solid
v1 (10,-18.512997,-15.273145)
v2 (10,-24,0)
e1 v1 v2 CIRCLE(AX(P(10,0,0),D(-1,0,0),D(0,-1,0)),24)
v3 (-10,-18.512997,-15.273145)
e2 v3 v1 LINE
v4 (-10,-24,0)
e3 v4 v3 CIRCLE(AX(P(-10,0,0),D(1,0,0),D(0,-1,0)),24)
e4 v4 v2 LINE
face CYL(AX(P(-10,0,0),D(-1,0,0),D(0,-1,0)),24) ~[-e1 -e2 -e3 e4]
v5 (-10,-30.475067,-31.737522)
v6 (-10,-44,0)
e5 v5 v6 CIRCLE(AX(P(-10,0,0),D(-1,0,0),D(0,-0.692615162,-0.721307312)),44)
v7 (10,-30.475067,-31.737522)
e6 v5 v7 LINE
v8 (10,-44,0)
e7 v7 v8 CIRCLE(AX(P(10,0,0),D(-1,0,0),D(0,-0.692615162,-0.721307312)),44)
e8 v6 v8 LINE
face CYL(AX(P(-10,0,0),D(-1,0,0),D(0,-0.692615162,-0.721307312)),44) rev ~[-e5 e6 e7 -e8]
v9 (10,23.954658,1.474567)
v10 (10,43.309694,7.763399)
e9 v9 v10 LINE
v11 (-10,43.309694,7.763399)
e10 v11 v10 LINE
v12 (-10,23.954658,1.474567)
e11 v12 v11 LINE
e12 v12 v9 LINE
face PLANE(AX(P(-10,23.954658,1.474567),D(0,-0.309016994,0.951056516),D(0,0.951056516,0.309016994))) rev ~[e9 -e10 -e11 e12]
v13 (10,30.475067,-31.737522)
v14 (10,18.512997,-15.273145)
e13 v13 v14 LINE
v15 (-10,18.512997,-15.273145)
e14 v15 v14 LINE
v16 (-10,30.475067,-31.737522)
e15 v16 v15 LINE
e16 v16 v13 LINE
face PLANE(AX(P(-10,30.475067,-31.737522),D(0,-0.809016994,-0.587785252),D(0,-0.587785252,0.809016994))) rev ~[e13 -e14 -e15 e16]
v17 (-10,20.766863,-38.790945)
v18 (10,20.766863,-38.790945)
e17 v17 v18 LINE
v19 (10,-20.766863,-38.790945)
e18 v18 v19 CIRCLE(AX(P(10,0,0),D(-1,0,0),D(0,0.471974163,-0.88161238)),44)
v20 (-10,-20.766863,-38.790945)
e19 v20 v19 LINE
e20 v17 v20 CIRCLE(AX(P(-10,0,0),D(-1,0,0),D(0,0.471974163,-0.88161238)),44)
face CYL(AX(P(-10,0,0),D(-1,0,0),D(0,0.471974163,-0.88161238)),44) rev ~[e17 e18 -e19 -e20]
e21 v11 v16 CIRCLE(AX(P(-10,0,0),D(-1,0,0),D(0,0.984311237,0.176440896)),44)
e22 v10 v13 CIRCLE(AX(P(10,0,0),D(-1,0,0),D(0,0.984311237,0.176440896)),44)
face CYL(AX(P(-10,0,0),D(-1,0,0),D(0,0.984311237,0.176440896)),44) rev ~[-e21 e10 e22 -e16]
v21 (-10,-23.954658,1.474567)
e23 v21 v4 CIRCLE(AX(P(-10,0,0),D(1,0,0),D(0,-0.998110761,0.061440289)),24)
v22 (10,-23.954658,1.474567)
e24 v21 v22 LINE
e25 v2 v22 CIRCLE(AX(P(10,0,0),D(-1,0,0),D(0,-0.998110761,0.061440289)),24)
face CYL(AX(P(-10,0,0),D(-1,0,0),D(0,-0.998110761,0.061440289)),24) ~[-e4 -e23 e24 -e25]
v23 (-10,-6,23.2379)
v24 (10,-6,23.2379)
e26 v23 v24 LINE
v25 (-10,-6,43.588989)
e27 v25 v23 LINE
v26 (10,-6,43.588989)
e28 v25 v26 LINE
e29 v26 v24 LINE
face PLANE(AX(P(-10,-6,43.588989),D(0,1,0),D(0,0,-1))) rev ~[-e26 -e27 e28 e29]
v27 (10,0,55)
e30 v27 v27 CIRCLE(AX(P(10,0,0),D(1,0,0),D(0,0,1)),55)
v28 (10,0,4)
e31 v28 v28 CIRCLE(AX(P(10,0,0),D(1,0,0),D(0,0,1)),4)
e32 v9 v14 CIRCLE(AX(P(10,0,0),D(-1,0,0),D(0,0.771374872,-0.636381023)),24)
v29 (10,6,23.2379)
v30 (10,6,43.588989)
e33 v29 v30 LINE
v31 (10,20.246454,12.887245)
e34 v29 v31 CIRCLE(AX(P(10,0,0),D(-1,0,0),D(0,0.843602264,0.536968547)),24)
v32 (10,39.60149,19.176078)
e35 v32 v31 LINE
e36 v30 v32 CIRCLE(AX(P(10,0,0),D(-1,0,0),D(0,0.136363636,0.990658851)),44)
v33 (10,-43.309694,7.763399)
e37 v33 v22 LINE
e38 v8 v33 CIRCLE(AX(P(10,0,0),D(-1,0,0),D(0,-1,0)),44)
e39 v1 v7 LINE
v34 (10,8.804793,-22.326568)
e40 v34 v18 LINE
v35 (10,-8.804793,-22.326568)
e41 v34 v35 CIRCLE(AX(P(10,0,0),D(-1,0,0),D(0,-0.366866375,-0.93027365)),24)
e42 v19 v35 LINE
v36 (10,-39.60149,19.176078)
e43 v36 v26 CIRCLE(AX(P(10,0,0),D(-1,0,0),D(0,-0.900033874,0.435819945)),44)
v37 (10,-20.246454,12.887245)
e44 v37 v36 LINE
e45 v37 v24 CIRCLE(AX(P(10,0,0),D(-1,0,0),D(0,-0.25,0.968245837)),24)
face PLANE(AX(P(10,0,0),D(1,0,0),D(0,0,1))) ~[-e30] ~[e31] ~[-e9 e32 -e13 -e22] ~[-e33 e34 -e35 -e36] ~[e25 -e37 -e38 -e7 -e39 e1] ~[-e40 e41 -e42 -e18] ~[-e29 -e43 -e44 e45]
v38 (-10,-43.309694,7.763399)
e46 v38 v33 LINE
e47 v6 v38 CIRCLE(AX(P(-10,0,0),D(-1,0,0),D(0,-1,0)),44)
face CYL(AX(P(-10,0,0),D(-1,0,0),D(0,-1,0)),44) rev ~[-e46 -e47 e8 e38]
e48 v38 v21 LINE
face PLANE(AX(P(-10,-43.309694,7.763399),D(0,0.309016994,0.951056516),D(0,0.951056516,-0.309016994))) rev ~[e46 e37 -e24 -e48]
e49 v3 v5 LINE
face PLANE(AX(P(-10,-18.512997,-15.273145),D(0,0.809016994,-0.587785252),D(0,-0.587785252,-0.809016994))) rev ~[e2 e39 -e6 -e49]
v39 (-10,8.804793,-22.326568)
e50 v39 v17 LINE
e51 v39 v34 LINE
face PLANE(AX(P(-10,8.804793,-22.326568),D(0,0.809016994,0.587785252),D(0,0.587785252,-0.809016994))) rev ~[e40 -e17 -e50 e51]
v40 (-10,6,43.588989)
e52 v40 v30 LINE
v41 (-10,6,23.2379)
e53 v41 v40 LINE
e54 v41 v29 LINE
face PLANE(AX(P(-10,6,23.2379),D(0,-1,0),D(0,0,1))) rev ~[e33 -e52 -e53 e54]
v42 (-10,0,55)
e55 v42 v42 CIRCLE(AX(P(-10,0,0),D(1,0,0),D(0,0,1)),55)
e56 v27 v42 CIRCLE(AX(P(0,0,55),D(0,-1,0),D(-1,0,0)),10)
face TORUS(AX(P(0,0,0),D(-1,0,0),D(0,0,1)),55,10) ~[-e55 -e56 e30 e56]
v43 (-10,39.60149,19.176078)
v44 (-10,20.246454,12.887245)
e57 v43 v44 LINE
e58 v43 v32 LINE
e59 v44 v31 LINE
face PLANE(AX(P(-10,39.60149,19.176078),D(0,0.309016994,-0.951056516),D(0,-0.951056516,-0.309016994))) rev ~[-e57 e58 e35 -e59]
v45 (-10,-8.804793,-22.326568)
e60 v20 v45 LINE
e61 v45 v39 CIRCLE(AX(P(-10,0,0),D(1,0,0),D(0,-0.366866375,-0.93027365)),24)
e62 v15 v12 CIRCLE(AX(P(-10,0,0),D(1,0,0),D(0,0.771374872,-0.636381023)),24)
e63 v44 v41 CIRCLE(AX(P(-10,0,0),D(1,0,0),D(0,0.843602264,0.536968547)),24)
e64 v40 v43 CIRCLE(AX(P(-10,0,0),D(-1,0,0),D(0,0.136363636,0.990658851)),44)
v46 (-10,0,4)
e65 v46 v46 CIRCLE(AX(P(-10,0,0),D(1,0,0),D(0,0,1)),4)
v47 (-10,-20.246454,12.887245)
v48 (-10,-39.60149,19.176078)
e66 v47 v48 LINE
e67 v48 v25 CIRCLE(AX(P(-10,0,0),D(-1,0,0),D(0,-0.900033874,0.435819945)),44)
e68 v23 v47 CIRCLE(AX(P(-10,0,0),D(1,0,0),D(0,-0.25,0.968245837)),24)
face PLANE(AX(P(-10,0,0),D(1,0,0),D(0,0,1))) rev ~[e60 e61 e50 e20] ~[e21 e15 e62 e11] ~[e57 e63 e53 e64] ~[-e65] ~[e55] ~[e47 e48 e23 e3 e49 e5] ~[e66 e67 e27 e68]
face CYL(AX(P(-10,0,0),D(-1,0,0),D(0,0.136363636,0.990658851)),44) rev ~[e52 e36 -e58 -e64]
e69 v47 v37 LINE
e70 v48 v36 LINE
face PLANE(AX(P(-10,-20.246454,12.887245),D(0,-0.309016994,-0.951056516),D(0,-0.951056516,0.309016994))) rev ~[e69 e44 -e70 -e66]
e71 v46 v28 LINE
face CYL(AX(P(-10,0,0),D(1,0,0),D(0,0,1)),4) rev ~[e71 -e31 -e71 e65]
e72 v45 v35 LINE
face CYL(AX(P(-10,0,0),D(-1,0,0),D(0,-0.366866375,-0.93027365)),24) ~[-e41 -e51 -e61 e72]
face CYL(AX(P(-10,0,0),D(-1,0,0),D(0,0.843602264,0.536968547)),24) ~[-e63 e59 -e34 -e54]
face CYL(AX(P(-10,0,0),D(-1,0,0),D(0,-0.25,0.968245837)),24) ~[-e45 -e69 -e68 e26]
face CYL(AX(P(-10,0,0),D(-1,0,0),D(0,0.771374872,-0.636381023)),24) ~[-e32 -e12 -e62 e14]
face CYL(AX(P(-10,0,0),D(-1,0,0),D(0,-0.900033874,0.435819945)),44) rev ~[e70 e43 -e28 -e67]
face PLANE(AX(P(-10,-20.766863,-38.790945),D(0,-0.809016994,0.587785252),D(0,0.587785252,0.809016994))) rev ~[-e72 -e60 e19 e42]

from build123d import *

# Parameters (mm, degrees)
F3_DEPTH = 25


with BuildPart() as f1:
    # F0 (on Front) → F1 (revolve)
    with BuildSketch(Plane.XZ):
        with BuildLine():
            Line((-10, 55), (-10, 4))
            Line((-10, 4), (10, 4))
            Line((10, 4), (10, 55))
            ThreePointArc((10, 55), (0, 45), (-10, 55))
        make_face()
        with BuildLine():
            ThreePointArc((10, 55), (0, 65), (-10, 55))
            ThreePointArc((-10, 55), (0, 45), (10, 55))
        make_face()
    revolve(axis=Axis((-12.7272796474, 0, 0), (1, 0, 0)))

    # F2 (on face) → F3 (cut)
    with BuildSketch(Plane(origin=(-10, 0, 0), x_dir=(0, -1, 0), z_dir=(-1, 0, 0))):
        with BuildLine():
            Line((-30.4750671187, -31.7375217071), (-18.5129969259, -15.2731445623))
            ThreePointArc((-18.5129969259, -15.2731445623), (-22.8253563911, -7.416407865), (-23.9546582597, 1.4745669397))
            Line((-23.9546582597, 1.4745669397), (-43.3096944075, 7.7633994054))
            ThreePointArc((-43.3096944075, 7.7633994054), (-41.846486717, -13.5967477525), (-30.4750671187, -31.7375217071))
        make_face()
        with BuildLine():
            Line((20.7668631862, -38.7909447346), (8.8047929934, -22.3265675898))
            ThreePointArc((8.8047929934, -22.3265675898), (0, -24), (-8.8047929934, -22.3265675898))
            Line((-8.8047929934, -22.3265675898), (-20.7668631862, -38.7909447346))
            ThreePointArc((-20.7668631862, -38.7909447346), (0, -44), (20.7668631862, -38.7909447346))
        make_face()
        with BuildLine():
            ThreePointArc((23.9546582597, 1.4745669397), (23.9886618867, 0.7376319429), (24, 0))
            ThreePointArc((24, 0), (22.5866323986, -8.1144338613), (18.5129969259, -15.2731445623))
            Line((18.5129969259, -15.2731445623), (30.4750671187, -31.7375217071))
            ThreePointArc((30.4750671187, -31.7375217071), (40.4777899176, -17.2495948761), (44, 0))
            ThreePointArc((44, 0), (43.8270838291, 3.8970146311), (43.3096944075, 7.7633994054))
            Line((43.3096944075, 7.7633994054), (23.9546582597, 1.4745669397))
        make_face()
        with BuildLine():
            ThreePointArc((-20.2464543272, 12.8872451352), (-14.106846055, 19.416407865), (-6, 23.2379000772))
            Line((-6, 23.2379000772), (-6, 43.5889894354))
            ThreePointArc((-6, 43.5889894354), (-25.8625511009, 35.5967477525), (-39.601490475, 19.1760776009))
            Line((-39.601490475, 19.1760776009), (-20.2464543272, 12.8872451352))
        make_face()
        with BuildLine():
            ThreePointArc((6, 23.2379000772), (14.106846055, 19.416407865), (20.2464543272, 12.8872451352))
            Line((20.2464543272, 12.8872451352), (39.601490475, 19.1760776009))
            ThreePointArc((39.601490475, 19.1760776009), (25.8625511009, 35.5967477525), (6, 43.5889894354))
            Line((6, 43.5889894354), (6, 23.2379000772))
        make_face()
    extrude(amount=-F3_DEPTH, mode=Mode.SUBTRACT)


solid = f1.part
